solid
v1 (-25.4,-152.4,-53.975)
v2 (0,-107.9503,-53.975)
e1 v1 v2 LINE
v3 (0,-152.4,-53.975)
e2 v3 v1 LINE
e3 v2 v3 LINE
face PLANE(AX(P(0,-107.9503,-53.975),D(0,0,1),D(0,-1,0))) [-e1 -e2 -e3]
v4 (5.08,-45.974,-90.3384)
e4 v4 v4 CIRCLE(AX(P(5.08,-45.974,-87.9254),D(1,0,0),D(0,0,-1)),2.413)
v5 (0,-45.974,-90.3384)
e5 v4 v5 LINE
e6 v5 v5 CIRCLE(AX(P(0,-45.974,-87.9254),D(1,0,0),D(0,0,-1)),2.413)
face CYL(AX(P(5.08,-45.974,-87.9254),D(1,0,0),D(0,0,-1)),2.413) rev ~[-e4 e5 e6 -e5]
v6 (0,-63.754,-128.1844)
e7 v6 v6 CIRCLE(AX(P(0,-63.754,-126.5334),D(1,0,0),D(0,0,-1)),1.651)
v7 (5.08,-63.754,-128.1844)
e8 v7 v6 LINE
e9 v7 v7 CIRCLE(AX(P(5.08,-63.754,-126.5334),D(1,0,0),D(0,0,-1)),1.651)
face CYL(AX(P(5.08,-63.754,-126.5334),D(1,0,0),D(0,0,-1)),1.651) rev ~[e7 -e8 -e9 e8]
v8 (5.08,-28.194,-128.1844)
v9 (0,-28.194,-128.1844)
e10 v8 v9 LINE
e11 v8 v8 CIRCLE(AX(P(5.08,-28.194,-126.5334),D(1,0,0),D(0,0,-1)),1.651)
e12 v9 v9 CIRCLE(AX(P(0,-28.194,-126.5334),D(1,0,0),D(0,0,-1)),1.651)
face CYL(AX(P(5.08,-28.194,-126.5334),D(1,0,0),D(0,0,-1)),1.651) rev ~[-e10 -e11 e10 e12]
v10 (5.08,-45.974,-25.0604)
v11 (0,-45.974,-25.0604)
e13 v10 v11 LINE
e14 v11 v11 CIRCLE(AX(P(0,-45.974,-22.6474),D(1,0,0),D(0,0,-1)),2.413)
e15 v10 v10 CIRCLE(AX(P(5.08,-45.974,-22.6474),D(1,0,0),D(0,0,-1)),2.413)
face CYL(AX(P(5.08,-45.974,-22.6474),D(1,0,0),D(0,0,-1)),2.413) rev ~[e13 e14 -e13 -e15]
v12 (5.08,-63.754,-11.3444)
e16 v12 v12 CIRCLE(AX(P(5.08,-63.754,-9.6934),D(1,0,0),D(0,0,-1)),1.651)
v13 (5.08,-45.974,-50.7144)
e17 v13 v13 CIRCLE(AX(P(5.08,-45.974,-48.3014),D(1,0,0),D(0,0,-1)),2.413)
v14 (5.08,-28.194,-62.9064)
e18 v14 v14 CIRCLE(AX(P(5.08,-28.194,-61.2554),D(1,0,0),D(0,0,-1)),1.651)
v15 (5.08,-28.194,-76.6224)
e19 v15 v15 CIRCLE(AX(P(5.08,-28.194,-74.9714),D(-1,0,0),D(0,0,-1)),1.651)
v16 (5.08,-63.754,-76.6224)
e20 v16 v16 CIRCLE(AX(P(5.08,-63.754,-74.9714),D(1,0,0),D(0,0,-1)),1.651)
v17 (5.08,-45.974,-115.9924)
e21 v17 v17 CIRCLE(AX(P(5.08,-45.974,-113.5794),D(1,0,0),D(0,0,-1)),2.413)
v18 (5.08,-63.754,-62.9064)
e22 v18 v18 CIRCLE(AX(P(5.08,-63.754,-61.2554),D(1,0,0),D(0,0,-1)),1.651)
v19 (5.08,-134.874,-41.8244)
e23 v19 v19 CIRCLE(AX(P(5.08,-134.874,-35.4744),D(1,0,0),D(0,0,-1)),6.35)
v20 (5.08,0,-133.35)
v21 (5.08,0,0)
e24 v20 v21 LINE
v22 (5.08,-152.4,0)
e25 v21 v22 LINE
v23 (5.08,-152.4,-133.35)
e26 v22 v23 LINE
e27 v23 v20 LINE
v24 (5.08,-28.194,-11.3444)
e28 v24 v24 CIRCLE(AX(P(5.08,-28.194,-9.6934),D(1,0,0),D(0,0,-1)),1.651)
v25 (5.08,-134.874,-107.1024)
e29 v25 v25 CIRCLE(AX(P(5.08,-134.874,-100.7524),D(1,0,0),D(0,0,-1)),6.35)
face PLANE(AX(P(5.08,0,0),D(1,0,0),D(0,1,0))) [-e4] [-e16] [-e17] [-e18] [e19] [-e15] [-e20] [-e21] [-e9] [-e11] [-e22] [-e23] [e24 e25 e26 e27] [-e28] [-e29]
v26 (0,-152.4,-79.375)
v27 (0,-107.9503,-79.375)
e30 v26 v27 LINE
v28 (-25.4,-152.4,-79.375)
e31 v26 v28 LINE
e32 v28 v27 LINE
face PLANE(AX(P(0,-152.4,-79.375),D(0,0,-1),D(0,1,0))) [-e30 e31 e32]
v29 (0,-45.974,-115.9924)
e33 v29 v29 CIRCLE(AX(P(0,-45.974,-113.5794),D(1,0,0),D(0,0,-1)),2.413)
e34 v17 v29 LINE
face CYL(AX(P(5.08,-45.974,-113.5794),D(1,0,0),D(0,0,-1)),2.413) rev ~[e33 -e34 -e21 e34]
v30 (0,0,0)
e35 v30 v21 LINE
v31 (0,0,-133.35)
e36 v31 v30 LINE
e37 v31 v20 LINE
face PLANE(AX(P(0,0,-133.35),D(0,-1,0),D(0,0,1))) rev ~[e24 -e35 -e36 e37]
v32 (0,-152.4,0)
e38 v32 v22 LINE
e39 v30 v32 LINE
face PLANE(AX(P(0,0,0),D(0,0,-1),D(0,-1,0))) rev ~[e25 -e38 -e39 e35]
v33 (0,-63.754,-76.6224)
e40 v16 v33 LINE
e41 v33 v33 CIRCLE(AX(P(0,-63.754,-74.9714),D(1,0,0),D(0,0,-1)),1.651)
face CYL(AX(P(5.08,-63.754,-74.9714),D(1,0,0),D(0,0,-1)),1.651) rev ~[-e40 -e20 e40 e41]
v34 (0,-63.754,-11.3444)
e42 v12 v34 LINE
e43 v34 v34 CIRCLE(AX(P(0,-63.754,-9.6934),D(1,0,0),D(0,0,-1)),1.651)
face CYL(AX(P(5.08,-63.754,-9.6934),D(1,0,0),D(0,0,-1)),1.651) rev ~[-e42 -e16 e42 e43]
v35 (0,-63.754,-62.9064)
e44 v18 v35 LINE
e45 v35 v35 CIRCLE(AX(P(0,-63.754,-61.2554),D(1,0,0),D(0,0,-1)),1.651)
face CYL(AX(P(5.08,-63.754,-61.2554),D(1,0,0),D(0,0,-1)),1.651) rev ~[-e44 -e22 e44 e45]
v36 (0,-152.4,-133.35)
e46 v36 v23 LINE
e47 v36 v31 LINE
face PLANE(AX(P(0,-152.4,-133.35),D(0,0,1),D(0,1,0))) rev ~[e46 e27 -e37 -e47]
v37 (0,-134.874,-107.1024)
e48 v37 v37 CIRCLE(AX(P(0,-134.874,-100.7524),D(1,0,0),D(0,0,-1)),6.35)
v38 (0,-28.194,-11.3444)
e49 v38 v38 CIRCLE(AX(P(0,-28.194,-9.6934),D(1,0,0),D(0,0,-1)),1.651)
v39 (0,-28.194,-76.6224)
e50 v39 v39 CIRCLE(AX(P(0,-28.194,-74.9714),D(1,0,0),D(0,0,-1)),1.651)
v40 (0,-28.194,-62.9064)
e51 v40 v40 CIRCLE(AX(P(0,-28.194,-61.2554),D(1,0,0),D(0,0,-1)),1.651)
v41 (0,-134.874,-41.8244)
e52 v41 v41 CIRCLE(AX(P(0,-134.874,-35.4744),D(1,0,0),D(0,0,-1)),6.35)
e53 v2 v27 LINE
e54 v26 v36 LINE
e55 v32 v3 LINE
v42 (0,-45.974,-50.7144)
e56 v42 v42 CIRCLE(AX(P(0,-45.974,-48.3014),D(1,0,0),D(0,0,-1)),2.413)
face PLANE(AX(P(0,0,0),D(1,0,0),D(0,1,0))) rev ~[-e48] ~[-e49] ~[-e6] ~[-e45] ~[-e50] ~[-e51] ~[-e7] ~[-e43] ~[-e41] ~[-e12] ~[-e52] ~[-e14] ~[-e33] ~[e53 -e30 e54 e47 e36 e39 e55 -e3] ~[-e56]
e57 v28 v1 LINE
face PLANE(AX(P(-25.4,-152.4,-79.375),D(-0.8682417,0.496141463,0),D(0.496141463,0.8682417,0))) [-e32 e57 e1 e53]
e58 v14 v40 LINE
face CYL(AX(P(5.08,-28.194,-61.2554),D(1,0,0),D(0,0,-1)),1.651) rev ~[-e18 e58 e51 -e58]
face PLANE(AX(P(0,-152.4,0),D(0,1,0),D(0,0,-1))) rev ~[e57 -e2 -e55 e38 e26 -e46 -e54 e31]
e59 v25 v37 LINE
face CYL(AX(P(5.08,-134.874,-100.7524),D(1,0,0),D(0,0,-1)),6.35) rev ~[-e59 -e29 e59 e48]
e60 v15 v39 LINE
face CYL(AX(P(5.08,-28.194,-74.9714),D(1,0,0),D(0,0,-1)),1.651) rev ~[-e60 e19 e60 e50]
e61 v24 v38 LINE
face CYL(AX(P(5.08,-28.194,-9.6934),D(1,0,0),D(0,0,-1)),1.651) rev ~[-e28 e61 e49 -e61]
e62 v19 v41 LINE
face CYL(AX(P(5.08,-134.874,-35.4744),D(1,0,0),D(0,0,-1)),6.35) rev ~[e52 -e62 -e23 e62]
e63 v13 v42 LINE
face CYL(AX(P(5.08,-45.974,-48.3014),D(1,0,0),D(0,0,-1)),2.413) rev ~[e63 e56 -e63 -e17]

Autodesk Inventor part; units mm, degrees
ref_plane "YZ Plane" through (0, 0, 0) normal (1, 0, 0) x (0, 1, 0)
ref_plane "XZ Plane" through (0, 0, 0) normal (0, 1, 0) x (-1, 0, 0)
ref_plane "XY Plane" through (0, 0, 0) normal (0, 0, 1) x (1, 0, 0)
sketch "Sketch4" plane through (0, 0, 0) normal (1, 0, 0) x (0, 1, 0)
  line L0 (0, 0) -> (-152.4, 0)
  line L1 (-152.4, 0) -> (-152.4, -133.35)
  line L2 (-152.4, -133.35) -> (0, -133.35)
  line L3 (0, -133.35) -> (0, 0)
  dimension "d10" = 152.4
  dimension "d11" = 133.35
extrude "Extrusion2" add sketch "Sketch4" along normal blind 5.08
sketch "Sketch5" plane through (5.08, 0, 0) normal (1, 0, 0) x (0, 0, -1)
  line L0 (133.35, 0) -> (0, 0) projected
  line L1 (66.675, 0) -> (66.675, -152.4)
  line L2 (0, -152.4) -> (133.35, -152.4) projected
  circle A0 centre (126.5334, -28.194) radius 1.651
  circle A1 centre (74.9714, -28.194) radius 1.651
  circle A2 centre (61.2554, -28.194) radius 1.651
  circle A3 centre (9.6934, -28.194) radius 1.651
  circle A4 centre (126.5334, -63.754) radius 1.651
  circle A5 centre (74.9714, -63.754) radius 1.651
  circle A6 centre (61.2554, -63.754) radius 1.651
  circle A7 centre (9.6934, -63.754) radius 1.651
  circle A8 centre (113.5794, -45.974) radius 2.413
  circle A9 centre (87.9254, -45.974) radius 2.413
  circle A10 centre (48.3014, -45.974) radius 2.413
  circle A11 centre (22.6474, -45.974) radius 2.413
  line L3 (66.675, 0) -> (66.675, -28.194)
  line L4 (66.675, -28.194) -> (73.533, -28.194)
  line L5 (73.533, -28.194) -> (66.675, -28.194)
  line L6 (66.675, -28.194) -> (59.817, -28.194)
  dimension "d14" = 28.194
  dimension "d15" = 6.858
  dimension "d16" = 6.858
extrude "Extrusion3" cut sketch "Sketch5" against normal blind 5.08
sketch "Sketch6" plane through (5.08, 0, 0) normal (1, 0, 0) x (0, 0, -1)
  circle A0 centre (22.6474, -45.974) radius 2.413 projected
  circle A1 centre (48.3014, -45.974) radius 2.413 projected
  line L0 (0, -152.4) -> (133.35, -152.4) projected
  circle A2 centre (35.4744, -134.874) radius 6.35
  circle A3 centre (87.9254, -45.974) radius 2.413 projected
  circle A4 centre (113.5794, -45.974) radius 2.413 projected
  circle A5 centre (100.7524, -134.874) radius 6.35
  point P0 (0, 0)
  dimension "d20" = 12.7
  dimension "d22" = 12.7
extrude "Extrusion4" cut sketch "Sketch6" against normal blind 5.08 contours A2 | A5
sketch "Sketch7" plane through (0, 0, 0) normal (-1, 0, 0) x (0, 0, 1)
  line L0 (-133.35, 0) -> (0, 0) projected
  line L1 (-66.675, 0) -> (-66.675, -152.4)
  line L2 (0, -152.4) -> (-133.35, -152.4) projected
  line L3 (-79.375, -107.9503) -> (-53.975, -107.9503)
  line L4 (-53.975, -107.9503) -> (-53.975, -152.4)
  line L5 (-53.975, -152.4) -> (-79.375, -152.4)
  line L6 (-79.375, -152.4) -> (-79.375, -107.9503)
  line L7 (-79.375, -107.9503) -> (-53.975, -152.4) construction
  line L8 (-53.975, -107.9503) -> (-79.375, -152.4) construction
  point P0 (-66.675, -130.1752)
  dimension "d29" = 25.4
extrude "Extrusion5" add sketch "Sketch7" along normal blind 25.4
sketch "Sketch8" plane through (0, -152.4, -79.375) normal (0, 0, -1) x (-1, 0, 0)
  line L0 (25.4, 0) -> (25.4, 44.4497) projected
  line L1 (0, 44.4497) -> (25.4, 44.4497) projected
  line L2 (25.4, 0) -> (0, 44.4497)
  point P0 (0, 152.4)
extrude "Extrusion6" cut sketch "Sketch8" against normal blind 25.4
sketch "Sketch9" plane through (5.08, 0, 0) normal (1, 0, 0) x (0, 0, -1)
  point P0 (0, 0)
properties part number "HalfBackWall"
